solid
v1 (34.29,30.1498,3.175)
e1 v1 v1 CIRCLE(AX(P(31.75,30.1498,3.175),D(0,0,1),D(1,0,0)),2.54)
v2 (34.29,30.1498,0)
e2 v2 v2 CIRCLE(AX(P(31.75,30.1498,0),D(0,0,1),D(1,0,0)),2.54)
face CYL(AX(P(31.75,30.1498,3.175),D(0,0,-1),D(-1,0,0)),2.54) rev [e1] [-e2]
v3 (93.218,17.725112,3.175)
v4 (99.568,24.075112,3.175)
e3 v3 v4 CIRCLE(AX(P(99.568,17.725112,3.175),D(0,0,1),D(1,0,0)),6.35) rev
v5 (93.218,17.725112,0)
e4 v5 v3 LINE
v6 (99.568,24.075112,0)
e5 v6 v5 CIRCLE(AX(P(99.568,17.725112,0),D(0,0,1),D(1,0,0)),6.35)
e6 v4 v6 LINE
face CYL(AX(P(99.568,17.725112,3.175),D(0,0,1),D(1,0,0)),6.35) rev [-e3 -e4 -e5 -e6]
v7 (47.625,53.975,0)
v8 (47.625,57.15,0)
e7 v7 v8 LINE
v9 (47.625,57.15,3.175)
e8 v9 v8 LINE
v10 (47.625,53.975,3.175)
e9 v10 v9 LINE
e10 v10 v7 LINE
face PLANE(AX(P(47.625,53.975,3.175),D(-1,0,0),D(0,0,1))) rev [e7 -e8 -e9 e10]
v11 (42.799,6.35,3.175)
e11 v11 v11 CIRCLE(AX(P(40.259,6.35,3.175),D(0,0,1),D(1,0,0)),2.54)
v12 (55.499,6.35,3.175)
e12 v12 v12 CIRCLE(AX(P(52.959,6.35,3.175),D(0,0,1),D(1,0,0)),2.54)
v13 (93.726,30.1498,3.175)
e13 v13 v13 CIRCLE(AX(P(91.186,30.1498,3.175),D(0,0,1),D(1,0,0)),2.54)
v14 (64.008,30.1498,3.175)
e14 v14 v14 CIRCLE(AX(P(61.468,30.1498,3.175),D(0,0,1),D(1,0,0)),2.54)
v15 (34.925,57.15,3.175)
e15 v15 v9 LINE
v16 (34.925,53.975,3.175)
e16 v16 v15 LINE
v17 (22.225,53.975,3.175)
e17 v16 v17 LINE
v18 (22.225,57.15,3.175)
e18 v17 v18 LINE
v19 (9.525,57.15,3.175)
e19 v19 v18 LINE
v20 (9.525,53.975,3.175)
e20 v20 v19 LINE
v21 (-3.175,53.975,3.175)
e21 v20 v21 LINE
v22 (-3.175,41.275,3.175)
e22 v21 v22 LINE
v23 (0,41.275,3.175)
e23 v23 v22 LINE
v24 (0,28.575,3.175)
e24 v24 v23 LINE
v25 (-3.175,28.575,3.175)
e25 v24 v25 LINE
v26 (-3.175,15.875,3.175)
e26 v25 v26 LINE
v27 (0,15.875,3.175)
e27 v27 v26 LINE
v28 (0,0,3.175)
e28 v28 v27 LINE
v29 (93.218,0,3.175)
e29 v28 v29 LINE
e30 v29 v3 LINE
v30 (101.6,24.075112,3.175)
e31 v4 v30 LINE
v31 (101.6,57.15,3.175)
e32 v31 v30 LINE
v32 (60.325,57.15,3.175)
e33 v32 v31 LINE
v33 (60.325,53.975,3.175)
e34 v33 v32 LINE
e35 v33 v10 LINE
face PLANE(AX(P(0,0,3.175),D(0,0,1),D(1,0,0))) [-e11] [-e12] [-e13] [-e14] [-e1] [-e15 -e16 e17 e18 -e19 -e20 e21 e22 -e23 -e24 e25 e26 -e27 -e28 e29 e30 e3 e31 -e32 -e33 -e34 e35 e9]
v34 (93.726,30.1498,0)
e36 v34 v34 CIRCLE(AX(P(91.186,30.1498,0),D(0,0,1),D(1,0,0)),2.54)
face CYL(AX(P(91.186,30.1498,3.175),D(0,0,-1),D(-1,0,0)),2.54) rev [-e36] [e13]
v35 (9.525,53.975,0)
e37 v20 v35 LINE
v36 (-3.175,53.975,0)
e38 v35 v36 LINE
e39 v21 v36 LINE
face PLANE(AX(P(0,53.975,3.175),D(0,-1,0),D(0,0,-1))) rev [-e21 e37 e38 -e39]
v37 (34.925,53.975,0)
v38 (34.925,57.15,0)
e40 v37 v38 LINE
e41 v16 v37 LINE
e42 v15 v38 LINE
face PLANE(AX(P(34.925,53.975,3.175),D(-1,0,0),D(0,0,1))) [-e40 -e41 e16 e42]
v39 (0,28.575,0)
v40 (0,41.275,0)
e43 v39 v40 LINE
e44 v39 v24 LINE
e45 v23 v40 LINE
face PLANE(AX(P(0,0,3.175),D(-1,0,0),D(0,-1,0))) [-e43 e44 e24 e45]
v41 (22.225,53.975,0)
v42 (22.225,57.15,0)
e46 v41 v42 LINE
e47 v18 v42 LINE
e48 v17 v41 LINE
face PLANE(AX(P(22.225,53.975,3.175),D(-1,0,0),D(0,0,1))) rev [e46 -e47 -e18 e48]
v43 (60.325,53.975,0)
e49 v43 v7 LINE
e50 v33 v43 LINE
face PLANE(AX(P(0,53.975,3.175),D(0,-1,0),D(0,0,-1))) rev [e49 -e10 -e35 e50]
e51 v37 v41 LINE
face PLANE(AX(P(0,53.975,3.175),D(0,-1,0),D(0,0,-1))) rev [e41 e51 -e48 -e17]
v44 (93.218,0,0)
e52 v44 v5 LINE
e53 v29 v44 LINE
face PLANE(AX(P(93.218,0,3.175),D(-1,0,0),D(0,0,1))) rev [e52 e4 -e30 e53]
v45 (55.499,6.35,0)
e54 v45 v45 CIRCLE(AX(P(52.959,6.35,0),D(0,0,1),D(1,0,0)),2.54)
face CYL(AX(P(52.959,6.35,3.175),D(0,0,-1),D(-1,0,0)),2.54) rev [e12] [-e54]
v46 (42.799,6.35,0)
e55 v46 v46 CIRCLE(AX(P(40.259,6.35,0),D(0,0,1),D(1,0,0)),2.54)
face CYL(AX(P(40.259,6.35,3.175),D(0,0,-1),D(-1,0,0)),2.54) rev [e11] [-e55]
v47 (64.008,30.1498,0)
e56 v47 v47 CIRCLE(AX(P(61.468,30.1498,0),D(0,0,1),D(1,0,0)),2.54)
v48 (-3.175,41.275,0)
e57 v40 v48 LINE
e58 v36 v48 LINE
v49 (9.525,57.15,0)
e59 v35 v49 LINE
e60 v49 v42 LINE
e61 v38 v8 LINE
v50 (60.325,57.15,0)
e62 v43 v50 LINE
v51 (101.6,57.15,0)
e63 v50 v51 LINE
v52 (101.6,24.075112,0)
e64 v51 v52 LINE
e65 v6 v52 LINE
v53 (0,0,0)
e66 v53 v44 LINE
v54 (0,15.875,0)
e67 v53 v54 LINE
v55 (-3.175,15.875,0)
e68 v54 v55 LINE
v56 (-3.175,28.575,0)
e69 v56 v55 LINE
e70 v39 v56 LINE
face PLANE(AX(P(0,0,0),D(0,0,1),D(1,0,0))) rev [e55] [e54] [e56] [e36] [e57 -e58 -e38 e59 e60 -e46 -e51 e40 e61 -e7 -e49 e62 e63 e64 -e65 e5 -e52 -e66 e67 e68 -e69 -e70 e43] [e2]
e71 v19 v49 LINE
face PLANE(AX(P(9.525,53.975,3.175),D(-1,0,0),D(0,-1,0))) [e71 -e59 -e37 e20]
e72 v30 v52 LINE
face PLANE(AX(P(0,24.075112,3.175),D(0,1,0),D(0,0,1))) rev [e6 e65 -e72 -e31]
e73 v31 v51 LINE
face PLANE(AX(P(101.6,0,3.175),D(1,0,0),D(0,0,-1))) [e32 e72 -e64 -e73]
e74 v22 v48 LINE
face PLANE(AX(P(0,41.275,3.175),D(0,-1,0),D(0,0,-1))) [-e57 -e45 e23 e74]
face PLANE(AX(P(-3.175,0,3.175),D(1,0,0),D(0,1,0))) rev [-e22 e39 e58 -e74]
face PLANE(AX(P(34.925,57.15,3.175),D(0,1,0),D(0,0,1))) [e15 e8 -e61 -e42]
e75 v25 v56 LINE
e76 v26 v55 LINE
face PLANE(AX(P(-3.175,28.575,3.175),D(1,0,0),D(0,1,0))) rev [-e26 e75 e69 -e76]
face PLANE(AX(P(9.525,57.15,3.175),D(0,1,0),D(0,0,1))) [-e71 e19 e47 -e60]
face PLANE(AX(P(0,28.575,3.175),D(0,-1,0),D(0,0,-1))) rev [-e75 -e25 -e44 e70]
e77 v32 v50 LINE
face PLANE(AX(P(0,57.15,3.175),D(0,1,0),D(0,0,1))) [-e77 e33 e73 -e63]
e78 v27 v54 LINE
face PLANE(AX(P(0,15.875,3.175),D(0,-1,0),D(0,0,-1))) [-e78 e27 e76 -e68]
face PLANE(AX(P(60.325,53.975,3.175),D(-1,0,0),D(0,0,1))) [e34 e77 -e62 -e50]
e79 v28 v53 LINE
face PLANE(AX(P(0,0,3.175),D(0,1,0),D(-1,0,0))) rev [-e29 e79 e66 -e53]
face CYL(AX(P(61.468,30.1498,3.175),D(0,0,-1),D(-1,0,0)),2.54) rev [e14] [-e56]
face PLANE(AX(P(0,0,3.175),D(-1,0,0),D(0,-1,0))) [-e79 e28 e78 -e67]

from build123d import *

# Parameters (mm, degrees)
SKETCH1_R           = 2.54
BOSS_EXTRUDE1_DEPTH = 3.175
FILLET1_R           = 6.35


with BuildPart() as part:
    # Sketch1 → Boss-Extrude1 (new body)
    with BuildSketch(Plane.XY):
        Polygon((0, 15.875), (0, 0), (93.218, 0), (93.218, 24.07511214), (101.6, 24.07511214), (101.6, 57.15), (60.325, 57.15), (60.325, 53.975), (47.625, 53.975), (47.625, 57.15), (34.925, 57.15), (34.925, 53.975), (22.225, 53.975), (22.225, 57.15), (9.525, 57.15), (9.525, 53.975), (-3.175, 53.975), (-3.175, 41.275), (0, 41.275), (0, 28.575), (-3.175, 28.575), (-3.175, 15.875), align=None)
        with Locations((40.259, 6.35)):
            Circle(SKETCH1_R, mode=Mode.SUBTRACT)
        with Locations((52.959, 6.35)):
            Circle(SKETCH1_R, mode=Mode.SUBTRACT)
        with Locations((31.75, 30.1498)):
            Circle(SKETCH1_R, mode=Mode.SUBTRACT)
        with Locations((61.468, 30.1498)):
            Circle(SKETCH1_R, mode=Mode.SUBTRACT)
        with Locations((91.186, 30.1498)):
            Circle(SKETCH1_R, mode=Mode.SUBTRACT)
    extrude(amount=BOSS_EXTRUDE1_DEPTH)

    # Fillet1
    fillet1_edges = [part.edges().sort_by_distance(p)[0] for p in [
        (93.218, 24.07511214, 1.5875),
    ]]
    fillet(fillet1_edges, radius=FILLET1_R)


solid = part.part
